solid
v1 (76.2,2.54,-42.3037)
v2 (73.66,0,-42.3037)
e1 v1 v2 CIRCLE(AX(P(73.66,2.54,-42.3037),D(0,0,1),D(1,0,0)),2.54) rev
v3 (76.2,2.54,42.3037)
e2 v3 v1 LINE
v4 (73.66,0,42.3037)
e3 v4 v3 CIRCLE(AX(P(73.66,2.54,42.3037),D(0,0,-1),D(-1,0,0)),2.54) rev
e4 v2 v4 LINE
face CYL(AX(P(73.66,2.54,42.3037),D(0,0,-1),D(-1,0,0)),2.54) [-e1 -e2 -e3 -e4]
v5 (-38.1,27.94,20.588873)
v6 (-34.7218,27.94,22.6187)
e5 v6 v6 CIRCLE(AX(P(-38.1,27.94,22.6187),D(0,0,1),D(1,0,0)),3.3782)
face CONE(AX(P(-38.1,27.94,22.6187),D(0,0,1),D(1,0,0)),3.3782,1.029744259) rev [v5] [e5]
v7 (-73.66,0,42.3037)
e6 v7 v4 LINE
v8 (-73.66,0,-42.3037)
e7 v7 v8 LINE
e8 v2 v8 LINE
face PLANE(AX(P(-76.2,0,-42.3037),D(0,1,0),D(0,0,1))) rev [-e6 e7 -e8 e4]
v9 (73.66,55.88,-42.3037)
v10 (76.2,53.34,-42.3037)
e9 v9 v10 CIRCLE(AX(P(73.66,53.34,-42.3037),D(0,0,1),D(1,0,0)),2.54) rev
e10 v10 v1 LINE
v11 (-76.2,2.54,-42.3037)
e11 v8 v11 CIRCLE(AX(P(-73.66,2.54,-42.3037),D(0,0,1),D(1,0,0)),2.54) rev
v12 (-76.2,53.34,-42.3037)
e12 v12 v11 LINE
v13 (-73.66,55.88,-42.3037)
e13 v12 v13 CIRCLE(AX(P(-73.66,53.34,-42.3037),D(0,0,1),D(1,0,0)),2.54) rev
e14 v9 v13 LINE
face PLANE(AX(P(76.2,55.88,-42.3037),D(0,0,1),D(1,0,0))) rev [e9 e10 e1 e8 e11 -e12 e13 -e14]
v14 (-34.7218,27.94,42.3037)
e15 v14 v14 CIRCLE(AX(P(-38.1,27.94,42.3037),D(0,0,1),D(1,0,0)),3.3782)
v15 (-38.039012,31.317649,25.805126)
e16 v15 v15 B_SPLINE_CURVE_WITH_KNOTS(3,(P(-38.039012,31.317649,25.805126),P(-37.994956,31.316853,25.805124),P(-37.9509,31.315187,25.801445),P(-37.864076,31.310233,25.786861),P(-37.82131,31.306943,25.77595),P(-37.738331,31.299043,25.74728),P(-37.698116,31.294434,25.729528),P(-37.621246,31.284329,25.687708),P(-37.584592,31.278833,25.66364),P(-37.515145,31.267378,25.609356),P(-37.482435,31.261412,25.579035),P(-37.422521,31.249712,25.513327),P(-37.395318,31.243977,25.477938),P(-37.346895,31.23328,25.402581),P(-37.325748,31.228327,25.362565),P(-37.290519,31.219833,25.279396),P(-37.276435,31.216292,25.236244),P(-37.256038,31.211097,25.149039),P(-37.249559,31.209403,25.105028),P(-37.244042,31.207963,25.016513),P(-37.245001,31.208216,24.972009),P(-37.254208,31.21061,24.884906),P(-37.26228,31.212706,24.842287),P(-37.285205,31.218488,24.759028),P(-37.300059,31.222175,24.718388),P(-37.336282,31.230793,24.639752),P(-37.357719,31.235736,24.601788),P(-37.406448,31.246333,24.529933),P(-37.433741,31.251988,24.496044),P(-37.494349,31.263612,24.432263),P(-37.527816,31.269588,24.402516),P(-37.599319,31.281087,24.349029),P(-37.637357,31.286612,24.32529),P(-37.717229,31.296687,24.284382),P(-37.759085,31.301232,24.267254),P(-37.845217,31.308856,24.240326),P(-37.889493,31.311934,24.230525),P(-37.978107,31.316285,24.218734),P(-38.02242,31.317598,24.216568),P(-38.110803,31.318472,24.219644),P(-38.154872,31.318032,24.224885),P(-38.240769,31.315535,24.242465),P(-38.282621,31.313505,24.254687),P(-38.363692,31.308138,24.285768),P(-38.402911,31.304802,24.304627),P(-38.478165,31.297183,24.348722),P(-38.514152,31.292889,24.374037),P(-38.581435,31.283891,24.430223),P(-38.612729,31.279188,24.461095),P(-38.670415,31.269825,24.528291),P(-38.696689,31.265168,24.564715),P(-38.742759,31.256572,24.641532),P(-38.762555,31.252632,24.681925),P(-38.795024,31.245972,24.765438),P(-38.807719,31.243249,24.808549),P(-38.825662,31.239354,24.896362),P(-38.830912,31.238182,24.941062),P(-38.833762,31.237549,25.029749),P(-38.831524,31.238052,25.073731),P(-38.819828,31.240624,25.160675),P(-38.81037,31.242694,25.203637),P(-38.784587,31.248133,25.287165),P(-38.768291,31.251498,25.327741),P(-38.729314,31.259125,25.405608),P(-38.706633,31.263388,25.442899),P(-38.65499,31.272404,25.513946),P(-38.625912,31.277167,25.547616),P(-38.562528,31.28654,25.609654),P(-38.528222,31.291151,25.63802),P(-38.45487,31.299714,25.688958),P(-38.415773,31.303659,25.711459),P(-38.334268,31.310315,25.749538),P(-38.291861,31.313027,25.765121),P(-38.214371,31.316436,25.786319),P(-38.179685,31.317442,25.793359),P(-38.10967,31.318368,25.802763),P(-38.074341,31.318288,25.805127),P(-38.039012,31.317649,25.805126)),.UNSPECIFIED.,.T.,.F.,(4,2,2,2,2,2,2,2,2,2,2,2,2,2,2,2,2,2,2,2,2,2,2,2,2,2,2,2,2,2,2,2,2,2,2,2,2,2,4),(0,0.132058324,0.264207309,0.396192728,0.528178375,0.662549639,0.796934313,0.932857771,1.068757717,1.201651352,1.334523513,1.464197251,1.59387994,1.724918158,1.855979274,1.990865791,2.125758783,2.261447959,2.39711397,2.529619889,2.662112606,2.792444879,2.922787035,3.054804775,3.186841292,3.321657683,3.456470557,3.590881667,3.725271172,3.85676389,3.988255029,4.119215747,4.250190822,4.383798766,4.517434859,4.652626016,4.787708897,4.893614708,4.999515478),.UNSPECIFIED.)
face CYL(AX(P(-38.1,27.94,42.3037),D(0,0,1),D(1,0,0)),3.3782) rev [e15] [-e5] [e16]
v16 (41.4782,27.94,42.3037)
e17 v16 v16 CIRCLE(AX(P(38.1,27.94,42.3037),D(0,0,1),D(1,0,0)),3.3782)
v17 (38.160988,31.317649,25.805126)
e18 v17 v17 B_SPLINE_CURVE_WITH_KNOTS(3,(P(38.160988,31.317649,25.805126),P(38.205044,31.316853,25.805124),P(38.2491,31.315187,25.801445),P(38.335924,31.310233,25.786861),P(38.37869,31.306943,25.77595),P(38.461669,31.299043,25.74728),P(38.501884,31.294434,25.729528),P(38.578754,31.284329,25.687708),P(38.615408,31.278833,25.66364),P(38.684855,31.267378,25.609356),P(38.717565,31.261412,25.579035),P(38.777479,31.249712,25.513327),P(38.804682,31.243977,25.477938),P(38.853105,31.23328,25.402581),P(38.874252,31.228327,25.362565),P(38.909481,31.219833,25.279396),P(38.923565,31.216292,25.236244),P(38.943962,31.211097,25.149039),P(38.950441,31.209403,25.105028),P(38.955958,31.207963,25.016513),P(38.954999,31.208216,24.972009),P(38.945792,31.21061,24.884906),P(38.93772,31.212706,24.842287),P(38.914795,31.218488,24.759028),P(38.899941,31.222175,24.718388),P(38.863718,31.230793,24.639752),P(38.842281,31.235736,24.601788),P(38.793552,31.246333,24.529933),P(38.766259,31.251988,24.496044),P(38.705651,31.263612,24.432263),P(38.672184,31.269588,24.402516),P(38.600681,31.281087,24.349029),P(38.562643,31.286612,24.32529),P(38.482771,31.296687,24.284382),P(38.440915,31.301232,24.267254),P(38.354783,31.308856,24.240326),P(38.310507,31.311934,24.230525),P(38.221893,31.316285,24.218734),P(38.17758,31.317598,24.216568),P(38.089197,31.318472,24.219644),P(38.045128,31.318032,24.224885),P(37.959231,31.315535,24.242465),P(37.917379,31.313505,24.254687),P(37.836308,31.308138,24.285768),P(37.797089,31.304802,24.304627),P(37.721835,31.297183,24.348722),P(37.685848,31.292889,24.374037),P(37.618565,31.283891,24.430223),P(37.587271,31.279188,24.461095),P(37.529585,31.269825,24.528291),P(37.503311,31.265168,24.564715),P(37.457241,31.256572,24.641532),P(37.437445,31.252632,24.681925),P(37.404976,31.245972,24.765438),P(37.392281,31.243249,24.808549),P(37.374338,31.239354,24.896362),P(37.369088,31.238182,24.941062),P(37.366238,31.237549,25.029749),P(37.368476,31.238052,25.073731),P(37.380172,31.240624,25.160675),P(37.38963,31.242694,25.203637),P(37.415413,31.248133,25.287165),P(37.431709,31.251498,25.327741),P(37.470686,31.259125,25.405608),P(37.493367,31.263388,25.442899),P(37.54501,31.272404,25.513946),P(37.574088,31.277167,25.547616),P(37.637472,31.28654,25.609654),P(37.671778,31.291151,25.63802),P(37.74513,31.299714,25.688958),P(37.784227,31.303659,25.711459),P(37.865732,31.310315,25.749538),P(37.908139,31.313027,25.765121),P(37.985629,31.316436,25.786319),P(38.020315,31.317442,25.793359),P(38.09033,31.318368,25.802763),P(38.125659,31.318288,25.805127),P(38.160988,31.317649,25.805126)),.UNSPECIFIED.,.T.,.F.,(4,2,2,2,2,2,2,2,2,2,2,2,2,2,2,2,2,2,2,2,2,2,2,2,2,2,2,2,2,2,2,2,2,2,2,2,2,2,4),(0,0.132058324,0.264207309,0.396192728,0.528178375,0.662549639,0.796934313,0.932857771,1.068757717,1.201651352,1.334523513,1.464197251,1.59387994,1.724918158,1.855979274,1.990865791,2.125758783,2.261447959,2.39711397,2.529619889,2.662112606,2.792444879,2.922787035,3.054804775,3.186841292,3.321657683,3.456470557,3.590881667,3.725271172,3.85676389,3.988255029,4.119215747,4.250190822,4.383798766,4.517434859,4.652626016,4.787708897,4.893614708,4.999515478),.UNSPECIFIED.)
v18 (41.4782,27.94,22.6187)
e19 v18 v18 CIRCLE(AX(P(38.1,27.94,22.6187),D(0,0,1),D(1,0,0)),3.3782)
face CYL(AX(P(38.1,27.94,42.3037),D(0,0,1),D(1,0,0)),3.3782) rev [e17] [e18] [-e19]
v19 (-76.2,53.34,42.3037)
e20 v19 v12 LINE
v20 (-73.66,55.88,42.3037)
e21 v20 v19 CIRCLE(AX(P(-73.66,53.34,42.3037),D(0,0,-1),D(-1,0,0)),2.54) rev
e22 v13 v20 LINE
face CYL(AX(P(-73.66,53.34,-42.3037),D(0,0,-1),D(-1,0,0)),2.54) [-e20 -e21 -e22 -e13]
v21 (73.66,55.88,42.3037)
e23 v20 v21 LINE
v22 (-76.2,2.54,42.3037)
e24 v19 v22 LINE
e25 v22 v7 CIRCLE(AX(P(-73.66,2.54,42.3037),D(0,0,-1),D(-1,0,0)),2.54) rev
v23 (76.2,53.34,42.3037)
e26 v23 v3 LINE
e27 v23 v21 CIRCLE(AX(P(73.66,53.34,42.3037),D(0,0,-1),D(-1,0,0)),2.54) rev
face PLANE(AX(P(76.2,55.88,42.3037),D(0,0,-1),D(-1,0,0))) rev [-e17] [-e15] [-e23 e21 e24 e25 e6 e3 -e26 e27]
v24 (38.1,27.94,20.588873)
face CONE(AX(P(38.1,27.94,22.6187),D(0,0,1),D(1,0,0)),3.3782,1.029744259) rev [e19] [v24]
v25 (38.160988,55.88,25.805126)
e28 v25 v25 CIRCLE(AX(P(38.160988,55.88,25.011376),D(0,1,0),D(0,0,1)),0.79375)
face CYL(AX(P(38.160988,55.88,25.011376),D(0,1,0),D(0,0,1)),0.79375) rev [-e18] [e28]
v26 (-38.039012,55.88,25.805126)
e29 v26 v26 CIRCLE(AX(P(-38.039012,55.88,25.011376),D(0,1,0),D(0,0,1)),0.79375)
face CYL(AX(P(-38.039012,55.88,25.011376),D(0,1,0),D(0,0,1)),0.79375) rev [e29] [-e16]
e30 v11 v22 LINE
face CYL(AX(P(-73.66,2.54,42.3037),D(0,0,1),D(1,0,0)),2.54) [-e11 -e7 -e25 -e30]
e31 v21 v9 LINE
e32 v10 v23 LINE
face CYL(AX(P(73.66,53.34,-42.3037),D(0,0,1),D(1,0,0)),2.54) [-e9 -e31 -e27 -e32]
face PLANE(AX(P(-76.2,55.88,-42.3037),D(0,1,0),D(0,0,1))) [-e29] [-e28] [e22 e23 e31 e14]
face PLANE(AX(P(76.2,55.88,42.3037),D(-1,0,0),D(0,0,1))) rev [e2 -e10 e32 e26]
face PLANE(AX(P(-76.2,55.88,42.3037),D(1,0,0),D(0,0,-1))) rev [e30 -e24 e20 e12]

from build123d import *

# Parameters (mm, degrees)
SKETCH1_W                              = 152.4
SKETCH1_H                              = 84.6074
EXTRUDE1_DEPTH                         = 55.88
FILLET1_R                              = 2.54
TAPPED_HOLE_FOR_1_4_20_HELICOIL1_D     = 6.7564
TAPPED_HOLE_FOR_1_4_20_HELICOIL1_DEPTH = 19.685
TAPPED_HOLE_FOR_1_4_20_HELICOIL1_TIP   = 2.029827343
F_1_16_0_0625_DIAMETER_HOLE1_D         = 1.5875
F_1_16_0_0625_DIAMETER_HOLE1_DEPTH     = 27.94
F_1_16_0_0625_DIAMETER_HOLE1_TIP       = 0.476933116


with BuildPart() as part:
    # Sketch1 → Extrude1 (new body)
    with BuildSketch(Plane(origin=(0, 0, 0), x_dir=(1, 0, 0), z_dir=(0, 1, 0))):
        Rectangle(SKETCH1_W, SKETCH1_H)
    extrude(amount=EXTRUDE1_DEPTH)

    # Fillet1
    fillet1_edges = [part.edges().sort_by_distance(p)[0] for p in [
        (76.2, 55.88, 0),
        (-76.2, 55.88, 0),
        (76.2, 0, 0),
        (-76.2, 0, 0),
    ]]
    fillet(fillet1_edges, radius=FILLET1_R)

    # Tapped Hole for 1/4-20 Helicoil1
    with Locations(Plane.XY.offset(42.3037)):
        with Locations((-38.1, 27.94), (38.1, 27.94)):
            Hole(TAPPED_HOLE_FOR_1_4_20_HELICOIL1_D / 2, depth=TAPPED_HOLE_FOR_1_4_20_HELICOIL1_DEPTH)
            with Locations((0, 0, -(TAPPED_HOLE_FOR_1_4_20_HELICOIL1_DEPTH + TAPPED_HOLE_FOR_1_4_20_HELICOIL1_TIP / 2))):  # 118° drill point
                Cone(0, TAPPED_HOLE_FOR_1_4_20_HELICOIL1_D / 2, TAPPED_HOLE_FOR_1_4_20_HELICOIL1_TIP, mode=Mode.SUBTRACT)

    # 1/16 (0.0625) Diameter Hole1
    with Locations(Plane(origin=(0, 55.88, 0), x_dir=(-1, 0, 0), z_dir=(0, 1, 0))):
        with Locations((-38.160987939, 25.011375754), (38.039012061, 25.011375754)):
            Hole(F_1_16_0_0625_DIAMETER_HOLE1_D / 2, depth=F_1_16_0_0625_DIAMETER_HOLE1_DEPTH)
            with Locations((0, 0, -(F_1_16_0_0625_DIAMETER_HOLE1_DEPTH + F_1_16_0_0625_DIAMETER_HOLE1_TIP / 2))):  # 118° drill point
                Cone(0, F_1_16_0_0625_DIAMETER_HOLE1_D / 2, F_1_16_0_0625_DIAMETER_HOLE1_TIP, mode=Mode.SUBTRACT)


solid = part.part
